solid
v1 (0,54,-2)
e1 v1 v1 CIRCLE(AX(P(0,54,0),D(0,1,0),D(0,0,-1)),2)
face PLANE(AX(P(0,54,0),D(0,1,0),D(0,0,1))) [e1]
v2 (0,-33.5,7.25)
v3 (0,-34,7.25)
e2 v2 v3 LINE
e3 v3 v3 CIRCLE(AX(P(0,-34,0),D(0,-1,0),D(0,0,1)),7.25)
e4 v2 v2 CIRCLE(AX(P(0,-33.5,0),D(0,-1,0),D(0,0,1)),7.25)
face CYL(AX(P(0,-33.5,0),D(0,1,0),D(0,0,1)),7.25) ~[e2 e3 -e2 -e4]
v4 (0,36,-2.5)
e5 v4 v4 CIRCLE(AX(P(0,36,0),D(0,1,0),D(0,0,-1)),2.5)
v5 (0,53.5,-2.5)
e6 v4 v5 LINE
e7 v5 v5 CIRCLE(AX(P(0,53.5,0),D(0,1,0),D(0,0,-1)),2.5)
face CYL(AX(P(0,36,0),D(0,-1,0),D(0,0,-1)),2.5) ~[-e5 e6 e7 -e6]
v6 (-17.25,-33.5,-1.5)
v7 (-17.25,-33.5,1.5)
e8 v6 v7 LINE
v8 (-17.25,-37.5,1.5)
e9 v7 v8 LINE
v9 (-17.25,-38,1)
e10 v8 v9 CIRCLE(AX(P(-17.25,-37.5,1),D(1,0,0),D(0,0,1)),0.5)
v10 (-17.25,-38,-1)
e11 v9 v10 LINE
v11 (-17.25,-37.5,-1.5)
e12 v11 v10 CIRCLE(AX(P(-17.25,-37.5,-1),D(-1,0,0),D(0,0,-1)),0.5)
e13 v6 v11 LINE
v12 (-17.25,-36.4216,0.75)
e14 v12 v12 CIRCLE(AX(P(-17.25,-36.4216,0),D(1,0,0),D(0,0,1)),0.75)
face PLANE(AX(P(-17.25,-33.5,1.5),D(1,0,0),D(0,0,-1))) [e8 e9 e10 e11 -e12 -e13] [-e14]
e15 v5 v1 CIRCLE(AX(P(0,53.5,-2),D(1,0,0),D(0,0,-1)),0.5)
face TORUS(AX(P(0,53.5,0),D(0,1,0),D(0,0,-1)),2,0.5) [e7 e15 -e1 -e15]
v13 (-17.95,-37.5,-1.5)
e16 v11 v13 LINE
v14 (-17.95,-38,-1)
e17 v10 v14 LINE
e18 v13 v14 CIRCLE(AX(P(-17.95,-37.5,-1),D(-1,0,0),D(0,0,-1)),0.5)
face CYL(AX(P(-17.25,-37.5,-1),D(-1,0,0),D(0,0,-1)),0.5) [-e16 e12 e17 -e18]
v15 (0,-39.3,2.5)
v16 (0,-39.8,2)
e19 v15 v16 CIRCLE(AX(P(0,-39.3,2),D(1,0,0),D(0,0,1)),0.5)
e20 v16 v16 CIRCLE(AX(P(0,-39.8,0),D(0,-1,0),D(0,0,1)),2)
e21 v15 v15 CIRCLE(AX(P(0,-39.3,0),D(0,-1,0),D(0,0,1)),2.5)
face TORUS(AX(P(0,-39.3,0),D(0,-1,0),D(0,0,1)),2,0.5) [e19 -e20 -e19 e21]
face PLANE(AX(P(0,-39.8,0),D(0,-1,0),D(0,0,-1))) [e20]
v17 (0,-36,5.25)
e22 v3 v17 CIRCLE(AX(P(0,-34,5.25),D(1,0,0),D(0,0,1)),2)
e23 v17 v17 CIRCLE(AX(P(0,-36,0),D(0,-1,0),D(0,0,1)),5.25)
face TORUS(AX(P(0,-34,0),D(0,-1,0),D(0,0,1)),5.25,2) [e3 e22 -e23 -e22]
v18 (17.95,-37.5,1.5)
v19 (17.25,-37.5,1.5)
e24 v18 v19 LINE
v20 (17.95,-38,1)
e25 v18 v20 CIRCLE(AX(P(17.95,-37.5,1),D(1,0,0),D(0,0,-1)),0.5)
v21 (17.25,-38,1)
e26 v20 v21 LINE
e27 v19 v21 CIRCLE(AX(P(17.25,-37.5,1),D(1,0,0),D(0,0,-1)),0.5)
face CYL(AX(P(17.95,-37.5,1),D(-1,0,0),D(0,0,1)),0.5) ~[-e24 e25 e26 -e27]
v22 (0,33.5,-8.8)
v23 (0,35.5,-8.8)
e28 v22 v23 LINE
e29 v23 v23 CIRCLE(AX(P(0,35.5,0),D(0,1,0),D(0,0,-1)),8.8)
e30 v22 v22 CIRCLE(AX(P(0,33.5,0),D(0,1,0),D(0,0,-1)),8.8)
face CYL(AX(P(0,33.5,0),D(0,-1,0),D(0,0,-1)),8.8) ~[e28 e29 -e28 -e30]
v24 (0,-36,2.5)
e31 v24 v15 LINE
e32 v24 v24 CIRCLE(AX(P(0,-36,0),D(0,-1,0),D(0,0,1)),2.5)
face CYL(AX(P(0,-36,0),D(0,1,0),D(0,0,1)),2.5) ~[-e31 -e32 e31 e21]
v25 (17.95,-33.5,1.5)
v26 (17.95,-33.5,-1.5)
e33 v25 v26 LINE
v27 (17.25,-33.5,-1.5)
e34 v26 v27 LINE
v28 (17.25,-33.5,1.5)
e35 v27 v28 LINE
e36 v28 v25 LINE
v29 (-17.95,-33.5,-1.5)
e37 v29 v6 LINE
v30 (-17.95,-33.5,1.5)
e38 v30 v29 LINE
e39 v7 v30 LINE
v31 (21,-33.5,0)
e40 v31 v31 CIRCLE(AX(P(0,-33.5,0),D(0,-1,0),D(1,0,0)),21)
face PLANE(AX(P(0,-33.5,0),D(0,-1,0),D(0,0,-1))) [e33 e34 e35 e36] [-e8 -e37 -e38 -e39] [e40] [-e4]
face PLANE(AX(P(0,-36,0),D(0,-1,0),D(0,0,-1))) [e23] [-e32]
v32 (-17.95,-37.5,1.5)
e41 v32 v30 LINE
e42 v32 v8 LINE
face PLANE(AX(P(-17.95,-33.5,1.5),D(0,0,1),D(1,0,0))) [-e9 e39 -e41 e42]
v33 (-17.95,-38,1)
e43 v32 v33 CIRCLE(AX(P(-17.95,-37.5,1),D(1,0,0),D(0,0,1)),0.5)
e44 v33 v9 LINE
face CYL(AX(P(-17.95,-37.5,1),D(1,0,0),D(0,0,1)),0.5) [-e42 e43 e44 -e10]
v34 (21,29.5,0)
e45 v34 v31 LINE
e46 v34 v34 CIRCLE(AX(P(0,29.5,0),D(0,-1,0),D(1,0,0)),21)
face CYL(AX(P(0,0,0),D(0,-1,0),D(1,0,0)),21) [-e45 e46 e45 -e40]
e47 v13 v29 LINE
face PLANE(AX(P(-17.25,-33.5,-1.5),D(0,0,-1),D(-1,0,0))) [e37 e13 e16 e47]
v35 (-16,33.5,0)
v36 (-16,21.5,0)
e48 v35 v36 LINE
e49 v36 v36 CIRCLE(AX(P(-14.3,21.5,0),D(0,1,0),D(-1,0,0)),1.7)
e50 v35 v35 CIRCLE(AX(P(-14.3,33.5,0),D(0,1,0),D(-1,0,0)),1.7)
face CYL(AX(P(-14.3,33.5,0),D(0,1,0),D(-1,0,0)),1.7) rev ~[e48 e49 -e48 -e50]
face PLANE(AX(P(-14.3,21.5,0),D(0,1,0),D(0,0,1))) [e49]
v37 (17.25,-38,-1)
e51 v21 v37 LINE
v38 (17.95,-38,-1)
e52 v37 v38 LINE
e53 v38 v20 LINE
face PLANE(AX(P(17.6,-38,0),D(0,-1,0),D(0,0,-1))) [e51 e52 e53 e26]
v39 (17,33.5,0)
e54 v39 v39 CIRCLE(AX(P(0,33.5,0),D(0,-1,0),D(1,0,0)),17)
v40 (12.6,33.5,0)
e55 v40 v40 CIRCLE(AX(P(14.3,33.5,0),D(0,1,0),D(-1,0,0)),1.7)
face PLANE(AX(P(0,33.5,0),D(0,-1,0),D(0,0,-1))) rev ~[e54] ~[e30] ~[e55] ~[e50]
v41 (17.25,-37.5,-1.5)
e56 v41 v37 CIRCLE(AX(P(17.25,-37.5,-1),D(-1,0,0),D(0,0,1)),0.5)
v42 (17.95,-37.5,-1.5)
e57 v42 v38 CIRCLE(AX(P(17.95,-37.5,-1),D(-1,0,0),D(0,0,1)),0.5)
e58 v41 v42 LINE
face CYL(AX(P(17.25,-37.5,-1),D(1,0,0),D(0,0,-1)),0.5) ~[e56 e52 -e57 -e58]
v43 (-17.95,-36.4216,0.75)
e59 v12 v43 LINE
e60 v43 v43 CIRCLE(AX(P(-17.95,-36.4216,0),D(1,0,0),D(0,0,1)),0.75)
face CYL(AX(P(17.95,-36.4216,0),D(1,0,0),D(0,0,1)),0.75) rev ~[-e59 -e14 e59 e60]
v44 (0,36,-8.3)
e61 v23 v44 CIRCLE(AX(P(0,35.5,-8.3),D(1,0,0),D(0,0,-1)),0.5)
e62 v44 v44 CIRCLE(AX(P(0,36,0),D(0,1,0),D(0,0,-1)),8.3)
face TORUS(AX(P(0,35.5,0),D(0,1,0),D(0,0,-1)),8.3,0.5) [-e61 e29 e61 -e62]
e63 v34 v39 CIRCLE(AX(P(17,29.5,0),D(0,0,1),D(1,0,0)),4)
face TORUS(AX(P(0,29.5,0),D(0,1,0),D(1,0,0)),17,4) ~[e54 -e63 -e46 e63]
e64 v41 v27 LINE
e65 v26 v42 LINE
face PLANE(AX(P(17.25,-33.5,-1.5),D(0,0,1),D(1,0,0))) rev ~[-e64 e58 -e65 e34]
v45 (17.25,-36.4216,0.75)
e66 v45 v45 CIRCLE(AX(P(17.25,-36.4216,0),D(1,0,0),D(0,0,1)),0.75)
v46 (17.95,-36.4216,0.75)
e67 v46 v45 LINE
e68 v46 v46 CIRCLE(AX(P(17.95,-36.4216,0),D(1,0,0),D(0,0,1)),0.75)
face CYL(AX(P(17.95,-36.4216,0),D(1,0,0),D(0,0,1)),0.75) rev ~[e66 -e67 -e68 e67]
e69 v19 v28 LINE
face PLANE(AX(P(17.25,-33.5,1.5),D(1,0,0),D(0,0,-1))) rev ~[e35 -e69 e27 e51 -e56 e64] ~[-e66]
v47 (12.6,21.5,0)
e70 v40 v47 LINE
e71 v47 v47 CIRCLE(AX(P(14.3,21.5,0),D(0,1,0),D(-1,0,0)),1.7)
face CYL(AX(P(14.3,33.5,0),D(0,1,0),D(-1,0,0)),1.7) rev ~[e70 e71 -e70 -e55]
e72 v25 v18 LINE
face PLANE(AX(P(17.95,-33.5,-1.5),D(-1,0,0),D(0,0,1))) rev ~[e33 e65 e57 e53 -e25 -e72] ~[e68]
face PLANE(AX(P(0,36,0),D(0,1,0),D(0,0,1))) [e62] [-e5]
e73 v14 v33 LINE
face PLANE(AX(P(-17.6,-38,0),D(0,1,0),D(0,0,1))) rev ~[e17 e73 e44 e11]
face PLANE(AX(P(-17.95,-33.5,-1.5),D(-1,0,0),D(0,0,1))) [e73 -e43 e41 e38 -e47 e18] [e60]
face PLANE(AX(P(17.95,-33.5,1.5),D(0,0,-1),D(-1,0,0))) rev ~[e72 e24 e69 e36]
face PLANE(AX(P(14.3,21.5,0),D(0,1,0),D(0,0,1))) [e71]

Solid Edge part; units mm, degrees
sketch "Sketch1" plane through (0, 0, 0) normal (0, -1, 0) x (1, 0, 0)
  circle A0 centre (0, 0) radius 21
extrude "Protrusion1" add sketch "Sketch1" along normal mid plane 67
fillet "Round_1" radius 4 1 edges at (-21, 33.5, 0)
sketch "Sketch2" plane through (0, 33.5, 0) normal (0, 1, 0) x (0, 0, -1)
  circle A0 centre (0, 0) radius 8.8
extrude "ExtrudedProtrusion_2" add sketch "Sketch2" along normal mid plane 5
sketch "Sketch3" plane through (0, 36, 0) normal (0, 1, 0) x (0, 0, -1)
  circle A0 centre (0, 0) radius 2.5
extrude "ExtrudedProtrusion_3" add sketch "Sketch3" along normal blind 18
fillet "Round_2" radius 0.5 2 edges at (0, 36, 8.8) (0, 54, 2.5)
sketch "Sketch4" plane through (0, 33.5, 0) normal (0, 1, 0) x (-1, 0, 0)
  circle A0 centre (14.3, 0) radius 1.7
  circle A1 centre (-14.3, 0) radius 1.7
extrude "ExtrudedCutout_1" cut sketch "Sketch4" against normal blind 12
sketch "Sketch5" plane through (0, -33.5, 0) normal (0, -1, 0) x (1, 0, 0)
  line L0 (17.25, -1.5) -> (17.95, -1.5)
  line L1 (17.95, -1.5) -> (17.95, 1.5)
  line L2 (17.95, 1.5) -> (17.25, 1.5)
  line L3 (17.25, 1.5) -> (17.25, -1.5)
  line L4 (-17.25, -1.5) -> (-17.95, -1.5)
  line L5 (-17.95, -1.5) -> (-17.95, 1.5)
  line L6 (-17.95, 1.5) -> (-17.25, 1.5)
  line L7 (-17.25, 1.5) -> (-17.25, -1.5)
extrude "ExtrudedProtrusion_4" add sketch "Sketch5" along normal mid plane 9
fillet "Round_3" radius 0.5 4 edges at (-17.6, -38, -1.5) (-17.6, -38, 1.5) (17.6, -38, -1.5) (17.6, -38, 1.5)
sketch "Sketch6" plane through (17.95, -35.75, 0) normal (1, 0, 0) x (0, 0, 1)
  circle A0 centre (0, 0.6716) radius 0.75
extrude "ExtrudedCutout_2" cut sketch "Sketch6" against normal blind 70
sketch "Sketch7" plane through (0, -33.5, 0) normal (0, -1, 0) x (0, 0, 1)
  circle A0 centre (0, 0) radius 7.25
extrude "ExtrudedProtrusion_5" add sketch "Sketch7" along normal mid plane 5
fillet "Round_4" radius 2 1 edges at (0, -36, -7.25)
sketch "Sketch8" plane through (0, -36, 0) normal (0, -1, 0) x (0, 0, 1)
  circle A0 centre (0, 0) radius 2.5
extrude "ExtrudedProtrusion_6" add sketch "Sketch8" along normal mid plane 7.6
fillet "Round_5" radius 0.5 1 edges at (0, -39.8, -2.5)
